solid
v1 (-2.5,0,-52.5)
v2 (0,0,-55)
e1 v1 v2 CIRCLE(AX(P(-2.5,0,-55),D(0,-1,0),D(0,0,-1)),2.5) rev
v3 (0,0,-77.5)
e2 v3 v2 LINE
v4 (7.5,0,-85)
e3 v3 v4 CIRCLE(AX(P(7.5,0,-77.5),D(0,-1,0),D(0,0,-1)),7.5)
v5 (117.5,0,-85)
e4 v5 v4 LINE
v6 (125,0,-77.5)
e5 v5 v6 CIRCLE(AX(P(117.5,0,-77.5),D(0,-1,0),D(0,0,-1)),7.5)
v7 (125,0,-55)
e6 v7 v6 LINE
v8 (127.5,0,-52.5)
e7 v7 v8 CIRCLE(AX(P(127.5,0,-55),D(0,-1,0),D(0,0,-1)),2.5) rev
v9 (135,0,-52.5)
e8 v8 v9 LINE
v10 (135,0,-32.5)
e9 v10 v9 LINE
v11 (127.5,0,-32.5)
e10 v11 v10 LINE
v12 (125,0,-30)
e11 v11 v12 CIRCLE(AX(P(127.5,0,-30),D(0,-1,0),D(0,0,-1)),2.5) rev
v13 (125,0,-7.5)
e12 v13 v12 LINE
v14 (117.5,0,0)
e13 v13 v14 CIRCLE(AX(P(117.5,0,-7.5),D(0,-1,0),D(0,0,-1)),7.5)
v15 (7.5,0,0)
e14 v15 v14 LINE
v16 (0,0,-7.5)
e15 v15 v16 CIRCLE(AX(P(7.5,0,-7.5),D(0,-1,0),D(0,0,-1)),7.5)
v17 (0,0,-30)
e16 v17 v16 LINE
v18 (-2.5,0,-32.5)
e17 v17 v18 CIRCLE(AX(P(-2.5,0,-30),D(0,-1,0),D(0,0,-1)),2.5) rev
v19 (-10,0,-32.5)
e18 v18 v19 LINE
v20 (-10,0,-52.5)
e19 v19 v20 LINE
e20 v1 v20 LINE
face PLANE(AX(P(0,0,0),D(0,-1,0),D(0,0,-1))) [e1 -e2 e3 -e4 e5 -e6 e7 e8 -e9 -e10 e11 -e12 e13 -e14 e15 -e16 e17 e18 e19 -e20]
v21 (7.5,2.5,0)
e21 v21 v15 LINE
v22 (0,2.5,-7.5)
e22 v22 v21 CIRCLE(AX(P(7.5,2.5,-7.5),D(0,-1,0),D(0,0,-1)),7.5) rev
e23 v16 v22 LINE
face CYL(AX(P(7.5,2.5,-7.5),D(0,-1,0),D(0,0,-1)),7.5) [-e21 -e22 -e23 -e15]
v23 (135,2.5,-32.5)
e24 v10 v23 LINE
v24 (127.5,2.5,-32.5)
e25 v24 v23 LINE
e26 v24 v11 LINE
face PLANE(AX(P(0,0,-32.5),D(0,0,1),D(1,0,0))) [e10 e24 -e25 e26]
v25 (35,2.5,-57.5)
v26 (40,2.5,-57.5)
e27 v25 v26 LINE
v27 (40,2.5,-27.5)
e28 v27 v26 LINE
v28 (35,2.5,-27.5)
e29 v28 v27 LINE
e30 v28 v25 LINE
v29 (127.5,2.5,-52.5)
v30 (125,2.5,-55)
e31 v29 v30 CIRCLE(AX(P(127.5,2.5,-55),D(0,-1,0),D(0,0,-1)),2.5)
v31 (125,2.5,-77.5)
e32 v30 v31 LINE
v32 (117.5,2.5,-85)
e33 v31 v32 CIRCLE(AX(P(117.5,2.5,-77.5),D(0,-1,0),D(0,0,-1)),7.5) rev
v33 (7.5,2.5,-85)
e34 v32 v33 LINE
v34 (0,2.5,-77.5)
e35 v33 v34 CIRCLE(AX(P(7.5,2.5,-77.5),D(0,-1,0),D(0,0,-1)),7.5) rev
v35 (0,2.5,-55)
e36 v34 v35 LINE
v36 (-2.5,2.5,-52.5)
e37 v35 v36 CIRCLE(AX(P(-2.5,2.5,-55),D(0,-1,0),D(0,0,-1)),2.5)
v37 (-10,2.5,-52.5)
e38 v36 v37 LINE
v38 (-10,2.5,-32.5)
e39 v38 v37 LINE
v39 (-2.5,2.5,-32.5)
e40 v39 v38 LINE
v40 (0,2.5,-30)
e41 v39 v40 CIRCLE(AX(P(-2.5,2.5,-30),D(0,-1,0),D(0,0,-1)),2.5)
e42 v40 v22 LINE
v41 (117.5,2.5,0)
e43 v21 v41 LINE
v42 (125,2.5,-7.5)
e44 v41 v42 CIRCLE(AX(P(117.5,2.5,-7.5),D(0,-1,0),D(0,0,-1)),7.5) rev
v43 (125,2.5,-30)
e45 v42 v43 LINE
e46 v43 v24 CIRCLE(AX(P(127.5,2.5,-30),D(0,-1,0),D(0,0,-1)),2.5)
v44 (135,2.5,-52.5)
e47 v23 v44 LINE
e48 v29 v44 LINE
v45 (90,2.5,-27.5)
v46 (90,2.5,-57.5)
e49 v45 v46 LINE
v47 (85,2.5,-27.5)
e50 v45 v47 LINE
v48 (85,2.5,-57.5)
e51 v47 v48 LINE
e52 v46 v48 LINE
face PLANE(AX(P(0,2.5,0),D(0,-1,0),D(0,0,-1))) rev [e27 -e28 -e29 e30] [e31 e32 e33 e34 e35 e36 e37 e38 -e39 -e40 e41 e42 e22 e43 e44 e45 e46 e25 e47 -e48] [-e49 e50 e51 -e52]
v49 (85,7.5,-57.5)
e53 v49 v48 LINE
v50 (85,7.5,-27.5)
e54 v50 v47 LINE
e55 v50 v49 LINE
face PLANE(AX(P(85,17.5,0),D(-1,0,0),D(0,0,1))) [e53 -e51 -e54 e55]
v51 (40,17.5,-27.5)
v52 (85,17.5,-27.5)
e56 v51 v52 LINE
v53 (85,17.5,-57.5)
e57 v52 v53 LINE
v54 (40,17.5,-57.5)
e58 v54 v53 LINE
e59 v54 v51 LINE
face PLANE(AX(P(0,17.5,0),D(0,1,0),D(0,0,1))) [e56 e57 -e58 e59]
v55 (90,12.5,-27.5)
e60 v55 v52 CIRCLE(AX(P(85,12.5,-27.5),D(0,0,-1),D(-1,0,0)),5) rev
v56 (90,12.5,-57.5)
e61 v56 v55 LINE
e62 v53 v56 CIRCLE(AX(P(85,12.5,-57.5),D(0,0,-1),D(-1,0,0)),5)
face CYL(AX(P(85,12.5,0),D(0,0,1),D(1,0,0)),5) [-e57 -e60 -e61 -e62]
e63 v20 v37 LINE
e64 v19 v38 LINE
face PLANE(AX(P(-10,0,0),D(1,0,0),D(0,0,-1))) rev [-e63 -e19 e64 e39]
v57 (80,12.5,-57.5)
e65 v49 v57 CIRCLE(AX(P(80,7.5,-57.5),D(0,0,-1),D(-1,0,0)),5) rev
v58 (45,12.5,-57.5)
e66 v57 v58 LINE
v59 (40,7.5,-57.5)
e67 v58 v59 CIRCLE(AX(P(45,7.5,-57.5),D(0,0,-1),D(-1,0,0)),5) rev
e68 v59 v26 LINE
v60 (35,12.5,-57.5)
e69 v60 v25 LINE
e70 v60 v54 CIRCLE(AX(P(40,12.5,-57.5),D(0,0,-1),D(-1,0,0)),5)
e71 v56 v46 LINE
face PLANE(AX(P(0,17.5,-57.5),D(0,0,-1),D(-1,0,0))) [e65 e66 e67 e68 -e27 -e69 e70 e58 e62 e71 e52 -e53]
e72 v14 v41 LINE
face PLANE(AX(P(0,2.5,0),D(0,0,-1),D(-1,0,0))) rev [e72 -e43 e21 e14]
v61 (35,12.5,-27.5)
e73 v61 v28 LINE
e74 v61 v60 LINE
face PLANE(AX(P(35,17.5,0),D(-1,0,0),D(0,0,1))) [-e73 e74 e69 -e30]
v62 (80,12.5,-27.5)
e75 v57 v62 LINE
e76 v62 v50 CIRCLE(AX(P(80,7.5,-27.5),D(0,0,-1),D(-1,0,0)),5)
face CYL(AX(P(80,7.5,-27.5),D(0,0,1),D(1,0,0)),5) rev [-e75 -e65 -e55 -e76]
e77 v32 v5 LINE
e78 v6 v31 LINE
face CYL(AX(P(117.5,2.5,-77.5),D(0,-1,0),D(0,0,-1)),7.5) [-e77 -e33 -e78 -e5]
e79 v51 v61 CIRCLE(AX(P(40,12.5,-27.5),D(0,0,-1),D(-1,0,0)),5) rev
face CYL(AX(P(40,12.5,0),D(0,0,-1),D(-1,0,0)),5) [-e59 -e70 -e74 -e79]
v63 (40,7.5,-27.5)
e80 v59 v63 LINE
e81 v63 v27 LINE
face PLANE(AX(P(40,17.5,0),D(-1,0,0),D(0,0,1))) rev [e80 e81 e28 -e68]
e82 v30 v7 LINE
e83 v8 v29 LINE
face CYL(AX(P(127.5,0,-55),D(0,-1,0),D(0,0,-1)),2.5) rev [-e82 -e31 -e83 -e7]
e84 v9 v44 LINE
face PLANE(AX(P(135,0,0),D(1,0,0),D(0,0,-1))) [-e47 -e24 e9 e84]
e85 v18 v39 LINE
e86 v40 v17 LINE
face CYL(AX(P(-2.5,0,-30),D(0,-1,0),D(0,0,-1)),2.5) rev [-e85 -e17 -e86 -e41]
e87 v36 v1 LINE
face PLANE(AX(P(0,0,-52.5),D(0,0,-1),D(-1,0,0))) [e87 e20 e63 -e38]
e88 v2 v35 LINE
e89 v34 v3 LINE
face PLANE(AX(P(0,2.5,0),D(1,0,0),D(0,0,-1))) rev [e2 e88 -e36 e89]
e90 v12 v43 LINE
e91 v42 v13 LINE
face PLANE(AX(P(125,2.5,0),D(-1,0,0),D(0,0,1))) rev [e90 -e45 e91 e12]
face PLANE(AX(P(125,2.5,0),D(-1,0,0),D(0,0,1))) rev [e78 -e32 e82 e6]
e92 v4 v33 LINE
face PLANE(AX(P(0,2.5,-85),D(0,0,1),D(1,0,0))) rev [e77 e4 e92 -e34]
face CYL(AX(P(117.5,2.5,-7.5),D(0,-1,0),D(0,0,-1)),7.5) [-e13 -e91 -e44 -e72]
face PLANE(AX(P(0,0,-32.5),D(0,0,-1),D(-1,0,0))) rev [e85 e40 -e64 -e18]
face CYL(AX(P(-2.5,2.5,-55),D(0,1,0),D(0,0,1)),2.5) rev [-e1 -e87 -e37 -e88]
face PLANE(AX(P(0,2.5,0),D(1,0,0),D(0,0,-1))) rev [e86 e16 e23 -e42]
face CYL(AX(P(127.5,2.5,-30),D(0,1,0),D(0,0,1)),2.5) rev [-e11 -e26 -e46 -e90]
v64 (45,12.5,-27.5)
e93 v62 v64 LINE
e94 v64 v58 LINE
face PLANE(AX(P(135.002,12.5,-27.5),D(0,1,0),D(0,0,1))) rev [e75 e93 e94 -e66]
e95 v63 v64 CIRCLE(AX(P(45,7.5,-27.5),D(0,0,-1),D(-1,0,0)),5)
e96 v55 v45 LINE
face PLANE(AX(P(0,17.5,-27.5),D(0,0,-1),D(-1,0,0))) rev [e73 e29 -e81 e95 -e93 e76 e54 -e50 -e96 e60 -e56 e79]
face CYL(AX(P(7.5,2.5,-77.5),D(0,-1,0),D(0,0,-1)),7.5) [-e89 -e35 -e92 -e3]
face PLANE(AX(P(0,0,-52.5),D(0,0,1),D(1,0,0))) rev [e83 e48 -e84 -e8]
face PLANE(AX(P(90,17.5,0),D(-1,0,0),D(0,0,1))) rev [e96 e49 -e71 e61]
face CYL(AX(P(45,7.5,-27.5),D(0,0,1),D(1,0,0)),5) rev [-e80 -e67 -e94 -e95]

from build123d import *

# Parameters (mm, degrees)
SKETCH1_W           = 125
SKETCH1_H           = 85
BOSS_EXTRUDE1_DEPTH = 2.5
SKETCH2_W           = 10
SKETCH2_H           = 20
SKETCH2_H_2         = 10
BOSS_EXTRUDE2_DEPTH = 2.5
FILLET1_R           = 2.5
FILLET2_R           = 7.5
SKETCH3_W           = 5
SKETCH3_H           = 15
BOSS_EXTRUDE3_DEPTH = 15
BOSS_EXTRUDE4_REACH = 130.671
SKETCH4_W           = 30
SKETCH4_H           = 5
FILLET3_R           = 5


with BuildPart() as part:
    # Sketch1 → Boss-Extrude1 (new body)
    with BuildSketch(Plane(origin=(0, 0, 0), x_dir=(1, 0, 0), z_dir=(0, 1, 0))):
        with Locations((62.5, 42.5)):
            Rectangle(SKETCH1_W, SKETCH1_H)
    extrude(amount=BOSS_EXTRUDE1_DEPTH)

    # Sketch2 → Boss-Extrude2 (add)
    with BuildSketch(Plane(origin=(0, 2.5, 0), x_dir=(1, 0, 0), z_dir=(0, 1, 0))):
        with Locations((130, 42.5)):
            Rectangle(SKETCH2_W, SKETCH2_H)
        with Locations((-5, 37.5)):
            Rectangle(SKETCH2_W, SKETCH2_H_2)
        with Locations((-5, 47.5)):
            Rectangle(SKETCH2_W, SKETCH2_H_2)
    extrude(amount=-BOSS_EXTRUDE2_DEPTH)

    # Fillet1
    fillet1_edges = [part.edges().sort_by_distance(p)[0] for p in [
        (125, 1.25, -32.5),
        (125, 1.25, -52.5),
        (0, 1.25, -32.5),
        (0, 1.25, -52.5),
    ]]
    fillet(fillet1_edges, radius=FILLET1_R)

    # Fillet2
    fillet2_edges = [part.edges().sort_by_distance(p)[0] for p in [
        (0, 1.25, -85),
        (125, 1.25, -85),
        (125, 1.25, 0),
        (0, 1.25, 0),
    ]]
    fillet(fillet2_edges, radius=FILLET2_R)

    # Sketch3 → Boss-Extrude3 (add)
    with BuildSketch(Plane(origin=(0, 2.5, 0), x_dir=(1, 0, 0), z_dir=(0, 1, 0))):
        with Locations((37.5, 50)):
            Rectangle(SKETCH3_W, SKETCH3_H)
        with Locations((37.5, 35)):
            Rectangle(SKETCH3_W, SKETCH3_H)
        with Locations((87.5, 50)):
            Rectangle(SKETCH3_W, SKETCH3_H)
        with Locations((87.5, 35)):
            Rectangle(SKETCH3_W, SKETCH3_H)
    extrude(amount=BOSS_EXTRUDE3_DEPTH)

    # Sketch4 → Boss-Extrude4 (add, up to next)
    with BuildSketch(Plane(origin=(40, 0, 0), x_dir=(0, 0, -1), z_dir=(1, 0, 0)), mode=Mode.PRIVATE) as boss_extrude4_sk1:
        with Locations((42.5, 15)):
            Rectangle(SKETCH4_W, SKETCH4_H)
    boss_extrude4_tool1 = extrude(boss_extrude4_sk1.sketch, amount=BOSS_EXTRUDE4_REACH, mode=Mode.PRIVATE) - part.part
    add(boss_extrude4_tool1.solids().sort_by_distance((40, 15, -42.5))[0])

    # Fillet3
    fillet3_edges = [part.edges().sort_by_distance(p)[0] for p in [
        (35, 17.5, -42.5),
        (90, 17.5, -42.5),
        (85, 12.5, -42.5),
        (40, 12.5, -42.5),
    ]]
    fillet(fillet3_edges, radius=FILLET3_R)


solid = part.part
